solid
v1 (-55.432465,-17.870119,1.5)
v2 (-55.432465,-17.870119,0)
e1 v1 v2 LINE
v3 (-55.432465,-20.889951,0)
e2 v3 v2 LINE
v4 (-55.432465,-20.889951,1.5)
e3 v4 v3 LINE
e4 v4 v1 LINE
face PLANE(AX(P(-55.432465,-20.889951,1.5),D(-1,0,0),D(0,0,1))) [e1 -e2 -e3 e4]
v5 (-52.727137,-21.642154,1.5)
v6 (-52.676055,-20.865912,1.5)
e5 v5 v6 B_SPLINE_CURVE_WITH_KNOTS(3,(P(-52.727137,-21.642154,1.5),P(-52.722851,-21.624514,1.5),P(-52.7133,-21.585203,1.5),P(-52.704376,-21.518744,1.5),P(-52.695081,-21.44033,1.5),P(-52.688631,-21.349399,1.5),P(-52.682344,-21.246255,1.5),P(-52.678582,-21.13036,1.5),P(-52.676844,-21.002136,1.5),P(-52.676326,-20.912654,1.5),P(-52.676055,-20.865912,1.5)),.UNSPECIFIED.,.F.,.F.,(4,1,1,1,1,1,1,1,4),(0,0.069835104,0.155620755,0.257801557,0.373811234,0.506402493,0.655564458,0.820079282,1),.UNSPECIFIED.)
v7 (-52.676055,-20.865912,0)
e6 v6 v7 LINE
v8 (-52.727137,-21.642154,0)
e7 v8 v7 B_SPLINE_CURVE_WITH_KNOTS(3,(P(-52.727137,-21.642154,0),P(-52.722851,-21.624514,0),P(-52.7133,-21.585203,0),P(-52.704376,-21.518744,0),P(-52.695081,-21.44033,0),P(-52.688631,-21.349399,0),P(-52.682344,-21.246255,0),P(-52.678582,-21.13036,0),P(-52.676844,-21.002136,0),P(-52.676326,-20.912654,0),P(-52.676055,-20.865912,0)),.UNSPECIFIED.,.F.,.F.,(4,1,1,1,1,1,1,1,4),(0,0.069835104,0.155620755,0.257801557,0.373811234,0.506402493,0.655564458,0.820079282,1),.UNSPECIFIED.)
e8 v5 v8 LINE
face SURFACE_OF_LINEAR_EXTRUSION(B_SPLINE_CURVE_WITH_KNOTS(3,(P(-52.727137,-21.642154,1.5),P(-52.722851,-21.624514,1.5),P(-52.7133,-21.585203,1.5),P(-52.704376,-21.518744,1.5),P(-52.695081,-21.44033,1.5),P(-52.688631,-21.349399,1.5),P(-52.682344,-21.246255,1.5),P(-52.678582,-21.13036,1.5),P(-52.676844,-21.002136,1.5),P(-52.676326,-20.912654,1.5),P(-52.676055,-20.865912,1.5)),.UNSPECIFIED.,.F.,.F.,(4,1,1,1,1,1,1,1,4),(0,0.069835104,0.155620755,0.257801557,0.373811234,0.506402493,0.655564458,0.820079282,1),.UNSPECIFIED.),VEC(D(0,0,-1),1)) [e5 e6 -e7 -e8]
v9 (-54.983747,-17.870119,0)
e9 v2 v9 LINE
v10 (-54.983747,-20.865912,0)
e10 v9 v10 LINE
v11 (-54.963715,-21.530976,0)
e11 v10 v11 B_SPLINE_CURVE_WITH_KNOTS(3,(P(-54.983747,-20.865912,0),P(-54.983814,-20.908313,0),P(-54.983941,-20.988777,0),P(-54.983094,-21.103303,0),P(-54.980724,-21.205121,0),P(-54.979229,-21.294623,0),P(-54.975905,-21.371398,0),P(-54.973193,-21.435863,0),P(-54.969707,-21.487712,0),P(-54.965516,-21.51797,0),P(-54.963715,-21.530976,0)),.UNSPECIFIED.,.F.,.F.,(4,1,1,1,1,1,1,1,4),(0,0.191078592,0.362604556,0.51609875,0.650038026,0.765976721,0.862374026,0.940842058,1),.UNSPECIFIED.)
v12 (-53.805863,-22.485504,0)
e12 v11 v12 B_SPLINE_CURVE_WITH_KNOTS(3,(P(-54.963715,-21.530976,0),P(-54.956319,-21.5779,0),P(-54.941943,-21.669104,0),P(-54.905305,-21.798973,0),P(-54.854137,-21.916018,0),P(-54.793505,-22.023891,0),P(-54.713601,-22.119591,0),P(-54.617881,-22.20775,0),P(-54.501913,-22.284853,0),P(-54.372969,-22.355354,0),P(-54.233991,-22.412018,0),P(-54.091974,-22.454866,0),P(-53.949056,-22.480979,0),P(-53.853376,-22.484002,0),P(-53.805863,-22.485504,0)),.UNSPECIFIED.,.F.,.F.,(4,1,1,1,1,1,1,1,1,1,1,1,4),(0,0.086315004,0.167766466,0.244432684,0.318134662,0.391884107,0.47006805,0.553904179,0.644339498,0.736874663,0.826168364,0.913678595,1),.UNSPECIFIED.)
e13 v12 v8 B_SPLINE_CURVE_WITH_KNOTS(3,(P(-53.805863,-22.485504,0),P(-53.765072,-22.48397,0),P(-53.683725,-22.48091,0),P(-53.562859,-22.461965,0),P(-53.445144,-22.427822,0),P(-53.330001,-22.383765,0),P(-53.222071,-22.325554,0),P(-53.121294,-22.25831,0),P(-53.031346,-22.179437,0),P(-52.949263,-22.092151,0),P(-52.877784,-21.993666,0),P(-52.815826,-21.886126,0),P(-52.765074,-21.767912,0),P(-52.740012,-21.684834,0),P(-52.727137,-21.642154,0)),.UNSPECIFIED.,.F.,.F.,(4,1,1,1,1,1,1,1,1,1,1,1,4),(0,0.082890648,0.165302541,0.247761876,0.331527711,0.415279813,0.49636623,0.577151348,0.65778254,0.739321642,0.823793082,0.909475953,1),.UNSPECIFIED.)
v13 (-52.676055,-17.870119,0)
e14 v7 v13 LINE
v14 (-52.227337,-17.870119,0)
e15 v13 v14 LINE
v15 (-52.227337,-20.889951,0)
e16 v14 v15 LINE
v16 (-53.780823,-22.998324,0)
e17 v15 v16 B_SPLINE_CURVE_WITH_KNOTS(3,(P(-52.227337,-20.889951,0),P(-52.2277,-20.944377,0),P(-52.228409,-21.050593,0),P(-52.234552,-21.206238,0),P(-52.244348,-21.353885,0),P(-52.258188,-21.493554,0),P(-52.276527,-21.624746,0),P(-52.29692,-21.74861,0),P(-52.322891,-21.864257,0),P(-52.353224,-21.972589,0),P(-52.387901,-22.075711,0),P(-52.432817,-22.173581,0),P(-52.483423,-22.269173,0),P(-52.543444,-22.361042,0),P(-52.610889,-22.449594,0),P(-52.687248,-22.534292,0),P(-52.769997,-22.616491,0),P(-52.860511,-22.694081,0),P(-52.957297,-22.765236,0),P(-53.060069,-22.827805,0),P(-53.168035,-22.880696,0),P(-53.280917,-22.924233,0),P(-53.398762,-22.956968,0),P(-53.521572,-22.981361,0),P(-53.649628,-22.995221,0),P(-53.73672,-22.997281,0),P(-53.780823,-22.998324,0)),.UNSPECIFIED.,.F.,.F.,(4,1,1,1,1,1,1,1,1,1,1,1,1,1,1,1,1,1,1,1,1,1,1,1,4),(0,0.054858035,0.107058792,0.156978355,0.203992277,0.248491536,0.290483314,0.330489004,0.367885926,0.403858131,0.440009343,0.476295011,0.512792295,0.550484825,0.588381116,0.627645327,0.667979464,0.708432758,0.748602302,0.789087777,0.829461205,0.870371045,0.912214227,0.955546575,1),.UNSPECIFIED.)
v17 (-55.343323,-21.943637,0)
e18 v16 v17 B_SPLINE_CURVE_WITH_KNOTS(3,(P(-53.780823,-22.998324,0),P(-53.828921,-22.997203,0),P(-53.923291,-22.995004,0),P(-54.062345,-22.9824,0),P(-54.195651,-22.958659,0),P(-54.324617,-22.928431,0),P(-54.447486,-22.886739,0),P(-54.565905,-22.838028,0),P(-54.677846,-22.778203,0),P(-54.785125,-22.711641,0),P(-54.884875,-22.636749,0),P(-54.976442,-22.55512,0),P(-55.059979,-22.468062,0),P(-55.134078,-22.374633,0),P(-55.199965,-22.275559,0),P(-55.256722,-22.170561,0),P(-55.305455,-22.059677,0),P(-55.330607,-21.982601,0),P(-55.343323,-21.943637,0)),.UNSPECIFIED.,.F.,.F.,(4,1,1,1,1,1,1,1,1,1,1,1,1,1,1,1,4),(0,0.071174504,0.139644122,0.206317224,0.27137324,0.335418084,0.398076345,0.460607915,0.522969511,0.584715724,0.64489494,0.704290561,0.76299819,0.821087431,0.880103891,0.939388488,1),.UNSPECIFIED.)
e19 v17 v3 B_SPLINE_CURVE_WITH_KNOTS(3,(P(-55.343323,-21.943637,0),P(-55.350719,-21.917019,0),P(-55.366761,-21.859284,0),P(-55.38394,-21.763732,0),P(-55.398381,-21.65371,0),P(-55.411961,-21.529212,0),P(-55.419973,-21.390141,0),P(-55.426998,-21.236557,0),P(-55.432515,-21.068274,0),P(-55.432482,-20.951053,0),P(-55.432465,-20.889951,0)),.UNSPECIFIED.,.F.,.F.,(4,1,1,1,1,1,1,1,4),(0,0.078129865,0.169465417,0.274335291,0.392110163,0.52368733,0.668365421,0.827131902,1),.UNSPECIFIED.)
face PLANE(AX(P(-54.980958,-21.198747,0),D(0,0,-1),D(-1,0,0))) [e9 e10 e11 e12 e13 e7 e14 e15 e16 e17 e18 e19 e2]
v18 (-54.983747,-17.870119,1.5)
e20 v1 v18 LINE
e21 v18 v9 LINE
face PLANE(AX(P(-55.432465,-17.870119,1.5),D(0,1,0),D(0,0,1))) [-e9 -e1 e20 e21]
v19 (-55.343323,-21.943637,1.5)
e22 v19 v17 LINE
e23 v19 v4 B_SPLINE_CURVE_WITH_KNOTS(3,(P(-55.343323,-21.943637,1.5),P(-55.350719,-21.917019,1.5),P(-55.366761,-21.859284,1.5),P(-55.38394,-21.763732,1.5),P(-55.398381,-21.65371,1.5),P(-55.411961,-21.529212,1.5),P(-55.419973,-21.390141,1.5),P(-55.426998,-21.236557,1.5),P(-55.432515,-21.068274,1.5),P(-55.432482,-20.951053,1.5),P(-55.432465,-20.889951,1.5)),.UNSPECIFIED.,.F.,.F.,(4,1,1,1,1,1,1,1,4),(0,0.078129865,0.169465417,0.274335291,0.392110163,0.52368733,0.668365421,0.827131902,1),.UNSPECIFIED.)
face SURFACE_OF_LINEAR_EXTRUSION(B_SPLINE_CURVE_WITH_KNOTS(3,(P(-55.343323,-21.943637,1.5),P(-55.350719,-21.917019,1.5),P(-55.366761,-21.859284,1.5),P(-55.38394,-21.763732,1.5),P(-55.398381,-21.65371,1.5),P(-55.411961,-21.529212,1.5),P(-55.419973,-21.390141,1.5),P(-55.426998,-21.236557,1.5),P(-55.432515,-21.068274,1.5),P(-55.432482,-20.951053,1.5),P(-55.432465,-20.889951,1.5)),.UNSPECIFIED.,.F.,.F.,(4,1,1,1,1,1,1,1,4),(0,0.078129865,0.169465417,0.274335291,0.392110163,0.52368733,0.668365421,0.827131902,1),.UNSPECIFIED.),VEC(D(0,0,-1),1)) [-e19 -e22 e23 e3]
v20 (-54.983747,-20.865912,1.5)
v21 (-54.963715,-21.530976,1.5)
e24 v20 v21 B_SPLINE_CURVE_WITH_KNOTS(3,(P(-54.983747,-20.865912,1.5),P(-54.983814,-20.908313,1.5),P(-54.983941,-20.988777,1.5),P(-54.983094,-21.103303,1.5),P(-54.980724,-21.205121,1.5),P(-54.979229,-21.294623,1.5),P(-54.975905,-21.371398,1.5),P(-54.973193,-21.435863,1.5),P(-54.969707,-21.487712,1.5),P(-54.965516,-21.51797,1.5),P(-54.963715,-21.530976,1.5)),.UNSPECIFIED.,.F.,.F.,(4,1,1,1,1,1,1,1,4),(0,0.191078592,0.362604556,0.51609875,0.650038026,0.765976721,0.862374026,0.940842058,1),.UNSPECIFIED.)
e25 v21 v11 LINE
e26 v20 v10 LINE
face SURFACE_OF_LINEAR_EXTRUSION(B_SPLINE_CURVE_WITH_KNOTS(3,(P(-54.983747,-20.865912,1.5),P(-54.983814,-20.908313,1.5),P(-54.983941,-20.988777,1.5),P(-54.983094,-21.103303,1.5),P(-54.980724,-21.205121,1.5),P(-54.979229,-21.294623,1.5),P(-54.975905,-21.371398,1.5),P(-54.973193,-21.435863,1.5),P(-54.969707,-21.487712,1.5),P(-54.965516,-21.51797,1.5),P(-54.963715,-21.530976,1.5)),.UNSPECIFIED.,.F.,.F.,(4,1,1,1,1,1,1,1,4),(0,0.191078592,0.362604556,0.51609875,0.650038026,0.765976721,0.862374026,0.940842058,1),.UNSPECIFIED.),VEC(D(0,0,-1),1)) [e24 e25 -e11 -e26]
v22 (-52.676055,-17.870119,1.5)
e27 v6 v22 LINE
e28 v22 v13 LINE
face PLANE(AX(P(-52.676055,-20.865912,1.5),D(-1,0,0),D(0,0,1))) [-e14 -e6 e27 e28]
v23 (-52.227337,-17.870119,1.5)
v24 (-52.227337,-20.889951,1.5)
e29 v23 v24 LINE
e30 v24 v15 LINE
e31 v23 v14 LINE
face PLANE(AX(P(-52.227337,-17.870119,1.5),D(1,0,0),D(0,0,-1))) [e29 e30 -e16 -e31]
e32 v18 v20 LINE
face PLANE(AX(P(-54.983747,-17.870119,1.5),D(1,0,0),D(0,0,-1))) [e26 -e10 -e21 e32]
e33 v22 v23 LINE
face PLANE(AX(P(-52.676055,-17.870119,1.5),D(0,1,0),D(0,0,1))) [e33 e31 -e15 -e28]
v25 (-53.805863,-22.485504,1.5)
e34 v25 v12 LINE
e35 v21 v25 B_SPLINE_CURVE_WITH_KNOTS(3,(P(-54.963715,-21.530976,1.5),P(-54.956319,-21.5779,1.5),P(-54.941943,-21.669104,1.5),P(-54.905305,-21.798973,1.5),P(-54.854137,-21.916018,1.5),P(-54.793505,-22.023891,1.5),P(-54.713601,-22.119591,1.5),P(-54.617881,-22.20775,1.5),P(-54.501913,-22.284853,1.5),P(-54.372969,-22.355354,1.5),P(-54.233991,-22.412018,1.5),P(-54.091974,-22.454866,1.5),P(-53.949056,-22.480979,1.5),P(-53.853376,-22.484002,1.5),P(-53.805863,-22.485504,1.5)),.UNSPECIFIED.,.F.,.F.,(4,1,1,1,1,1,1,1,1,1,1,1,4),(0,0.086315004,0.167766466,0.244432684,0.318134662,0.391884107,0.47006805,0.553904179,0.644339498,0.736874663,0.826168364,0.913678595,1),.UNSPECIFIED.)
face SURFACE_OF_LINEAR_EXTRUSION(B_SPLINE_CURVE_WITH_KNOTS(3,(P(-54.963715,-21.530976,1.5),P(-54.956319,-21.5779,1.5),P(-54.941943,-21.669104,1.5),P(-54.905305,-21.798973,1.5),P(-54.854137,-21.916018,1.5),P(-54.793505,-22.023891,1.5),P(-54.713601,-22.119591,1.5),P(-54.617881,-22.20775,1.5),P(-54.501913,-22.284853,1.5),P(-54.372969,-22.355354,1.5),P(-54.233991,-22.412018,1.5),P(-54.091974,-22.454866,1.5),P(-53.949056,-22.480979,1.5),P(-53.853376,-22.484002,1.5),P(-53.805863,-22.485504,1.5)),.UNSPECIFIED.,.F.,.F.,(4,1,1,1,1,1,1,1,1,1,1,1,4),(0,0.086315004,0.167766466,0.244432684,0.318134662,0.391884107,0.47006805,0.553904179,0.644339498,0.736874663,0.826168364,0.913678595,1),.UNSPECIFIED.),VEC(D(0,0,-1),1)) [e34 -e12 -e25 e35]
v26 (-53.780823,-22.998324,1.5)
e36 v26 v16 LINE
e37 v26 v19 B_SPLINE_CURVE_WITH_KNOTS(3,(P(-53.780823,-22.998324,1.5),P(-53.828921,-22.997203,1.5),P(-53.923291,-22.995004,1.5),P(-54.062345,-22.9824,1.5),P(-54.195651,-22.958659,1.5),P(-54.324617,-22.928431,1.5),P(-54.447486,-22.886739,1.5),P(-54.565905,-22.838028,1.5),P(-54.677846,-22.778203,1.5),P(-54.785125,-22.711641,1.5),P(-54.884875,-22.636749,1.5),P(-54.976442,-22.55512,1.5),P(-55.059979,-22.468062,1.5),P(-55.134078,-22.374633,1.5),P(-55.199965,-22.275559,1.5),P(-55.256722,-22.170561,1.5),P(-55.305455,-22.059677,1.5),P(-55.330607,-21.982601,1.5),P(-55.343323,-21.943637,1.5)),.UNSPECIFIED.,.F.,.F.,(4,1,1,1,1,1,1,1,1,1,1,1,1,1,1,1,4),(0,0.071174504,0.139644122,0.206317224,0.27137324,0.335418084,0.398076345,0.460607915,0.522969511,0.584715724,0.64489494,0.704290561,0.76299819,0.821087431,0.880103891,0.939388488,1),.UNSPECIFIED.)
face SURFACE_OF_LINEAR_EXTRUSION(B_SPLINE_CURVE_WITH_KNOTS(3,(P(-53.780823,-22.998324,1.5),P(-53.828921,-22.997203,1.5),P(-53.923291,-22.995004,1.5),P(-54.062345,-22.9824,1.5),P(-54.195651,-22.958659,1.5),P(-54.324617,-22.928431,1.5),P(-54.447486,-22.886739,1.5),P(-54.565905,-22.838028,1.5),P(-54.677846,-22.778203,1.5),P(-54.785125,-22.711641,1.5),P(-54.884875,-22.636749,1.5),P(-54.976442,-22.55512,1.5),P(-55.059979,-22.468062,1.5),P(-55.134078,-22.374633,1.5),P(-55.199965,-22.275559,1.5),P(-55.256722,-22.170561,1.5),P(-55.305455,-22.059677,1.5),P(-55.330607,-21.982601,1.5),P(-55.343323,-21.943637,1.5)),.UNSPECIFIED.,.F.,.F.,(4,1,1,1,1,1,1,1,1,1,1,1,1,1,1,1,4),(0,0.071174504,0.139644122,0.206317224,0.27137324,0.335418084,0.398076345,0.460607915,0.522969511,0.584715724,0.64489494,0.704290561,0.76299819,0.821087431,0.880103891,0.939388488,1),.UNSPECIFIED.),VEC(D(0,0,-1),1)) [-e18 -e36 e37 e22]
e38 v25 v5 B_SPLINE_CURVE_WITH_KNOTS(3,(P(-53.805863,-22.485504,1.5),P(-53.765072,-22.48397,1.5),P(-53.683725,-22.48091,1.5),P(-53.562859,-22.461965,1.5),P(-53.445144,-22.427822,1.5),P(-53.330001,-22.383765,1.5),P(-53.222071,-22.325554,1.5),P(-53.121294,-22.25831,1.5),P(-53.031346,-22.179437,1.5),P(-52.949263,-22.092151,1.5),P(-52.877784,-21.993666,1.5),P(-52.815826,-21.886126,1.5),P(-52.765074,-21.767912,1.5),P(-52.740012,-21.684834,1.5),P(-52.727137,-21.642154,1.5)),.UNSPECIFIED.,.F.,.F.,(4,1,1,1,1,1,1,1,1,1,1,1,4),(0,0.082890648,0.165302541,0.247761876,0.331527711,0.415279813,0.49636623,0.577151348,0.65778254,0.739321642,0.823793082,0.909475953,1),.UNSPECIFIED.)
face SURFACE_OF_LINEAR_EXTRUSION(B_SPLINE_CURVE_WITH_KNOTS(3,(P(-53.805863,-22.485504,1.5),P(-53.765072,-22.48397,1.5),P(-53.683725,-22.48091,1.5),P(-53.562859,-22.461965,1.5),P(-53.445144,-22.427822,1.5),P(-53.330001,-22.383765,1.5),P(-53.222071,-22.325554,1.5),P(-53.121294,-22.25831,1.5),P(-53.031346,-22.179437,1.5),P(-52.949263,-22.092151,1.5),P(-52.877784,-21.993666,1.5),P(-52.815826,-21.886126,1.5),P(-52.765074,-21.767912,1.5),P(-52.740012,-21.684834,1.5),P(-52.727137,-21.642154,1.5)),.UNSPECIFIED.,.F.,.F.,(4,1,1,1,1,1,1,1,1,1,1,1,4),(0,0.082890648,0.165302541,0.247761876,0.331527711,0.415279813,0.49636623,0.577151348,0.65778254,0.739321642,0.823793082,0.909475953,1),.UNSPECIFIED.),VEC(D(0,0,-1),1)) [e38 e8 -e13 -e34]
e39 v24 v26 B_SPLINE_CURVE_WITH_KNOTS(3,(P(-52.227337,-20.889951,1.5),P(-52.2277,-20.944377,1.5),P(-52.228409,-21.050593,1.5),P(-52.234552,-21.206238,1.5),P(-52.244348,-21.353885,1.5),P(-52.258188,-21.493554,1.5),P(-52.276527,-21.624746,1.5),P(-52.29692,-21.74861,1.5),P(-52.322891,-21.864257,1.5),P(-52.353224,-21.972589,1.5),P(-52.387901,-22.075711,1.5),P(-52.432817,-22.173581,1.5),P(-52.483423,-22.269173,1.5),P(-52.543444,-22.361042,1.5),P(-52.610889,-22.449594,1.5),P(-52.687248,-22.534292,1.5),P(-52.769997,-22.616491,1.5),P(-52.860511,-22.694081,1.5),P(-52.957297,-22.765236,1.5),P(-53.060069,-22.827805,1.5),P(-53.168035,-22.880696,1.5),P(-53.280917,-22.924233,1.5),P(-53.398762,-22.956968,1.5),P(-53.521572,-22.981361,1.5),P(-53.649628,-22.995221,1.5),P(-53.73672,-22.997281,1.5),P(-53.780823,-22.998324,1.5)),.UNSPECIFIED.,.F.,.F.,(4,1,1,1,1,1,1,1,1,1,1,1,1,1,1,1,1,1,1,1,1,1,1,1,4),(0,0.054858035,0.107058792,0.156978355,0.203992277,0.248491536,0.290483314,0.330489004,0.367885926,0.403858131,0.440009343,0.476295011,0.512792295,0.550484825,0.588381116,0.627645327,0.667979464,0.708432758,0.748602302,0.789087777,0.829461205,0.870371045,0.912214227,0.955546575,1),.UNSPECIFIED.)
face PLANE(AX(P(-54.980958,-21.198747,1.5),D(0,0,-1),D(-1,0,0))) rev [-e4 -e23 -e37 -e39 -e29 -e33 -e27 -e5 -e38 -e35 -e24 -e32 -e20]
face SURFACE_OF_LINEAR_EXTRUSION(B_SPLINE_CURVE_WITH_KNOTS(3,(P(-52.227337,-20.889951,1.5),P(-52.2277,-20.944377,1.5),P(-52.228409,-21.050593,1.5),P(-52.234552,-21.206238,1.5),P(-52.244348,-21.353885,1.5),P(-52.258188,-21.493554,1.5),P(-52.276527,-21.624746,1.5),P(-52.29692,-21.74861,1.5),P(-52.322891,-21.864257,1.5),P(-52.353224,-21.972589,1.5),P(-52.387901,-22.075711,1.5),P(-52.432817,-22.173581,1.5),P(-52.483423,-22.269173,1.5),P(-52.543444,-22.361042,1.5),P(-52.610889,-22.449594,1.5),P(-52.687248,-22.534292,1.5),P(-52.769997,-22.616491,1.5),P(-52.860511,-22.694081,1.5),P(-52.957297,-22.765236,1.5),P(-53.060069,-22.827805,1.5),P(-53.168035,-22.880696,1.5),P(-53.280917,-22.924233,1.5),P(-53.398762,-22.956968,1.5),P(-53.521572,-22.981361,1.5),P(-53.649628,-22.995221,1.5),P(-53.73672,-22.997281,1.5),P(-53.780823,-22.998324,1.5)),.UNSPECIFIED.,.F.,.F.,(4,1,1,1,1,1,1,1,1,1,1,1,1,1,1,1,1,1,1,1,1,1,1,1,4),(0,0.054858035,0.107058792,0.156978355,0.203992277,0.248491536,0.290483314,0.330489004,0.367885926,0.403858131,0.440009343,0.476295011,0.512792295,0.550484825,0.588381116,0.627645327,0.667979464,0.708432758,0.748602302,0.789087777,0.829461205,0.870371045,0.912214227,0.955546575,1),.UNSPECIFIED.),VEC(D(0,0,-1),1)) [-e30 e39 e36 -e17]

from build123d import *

# Parameters (mm, degrees)
BOSS_EXTRU_1_DEPTH = 1.5


with BuildPart() as part:
    # Esquisse1 → Boss.-Extru.1 (new body)
    with BuildSketch(Plane.XY):
        with BuildLine():
            Line((-55.432465326, -17.870119076), (-54.983747377, -17.870119076))
            Line((-54.983747377, -17.870119076), (-54.983747377, -20.865912345))
            add(Edge.make_bspline(
                [(-54.983747377, -20.865912345), (-54.983814154, -20.908313397), (-54.983940875, -20.988776698), (-54.983094427, -21.103302841), (-54.980723901, -21.20512064), (-54.979229387, -21.294622565), (-54.975904625, -21.371397919), (-54.973193129, -21.435862648), (-54.96970662, -21.487711509), (-54.965516452, -21.517969975), (-54.963715326, -21.530976448)],
                knots=[0, 0, 0, 0, 1.528628734, 2.90083645, 4.128790002, 5.200304208, 6.127813768, 6.898992206, 7.526736466, 8, 8, 8, 8], degree=3))
            add(Edge.make_bspline(
                [(-54.963715326, -21.530976448), (-54.956318956, -21.577900396), (-54.941942976, -21.669104294), (-54.905305293, -21.798973269), (-54.854137435, -21.916018209), (-54.793504516, -22.023891482), (-54.713600786, -22.119590568), (-54.61788145, -22.207750072), (-54.501913209, -22.28485265), (-54.372969487, -22.355353809), (-54.233990576, -22.412018213), (-54.091974481, -22.454865876), (-53.949055939, -22.48097859), (-53.853375704, -22.484002217), (-53.805862762, -22.485503692)],
                knots=[0, 0, 0, 0, 1.035780045, 2.013197591, 2.933192213, 3.817615948, 4.702609284, 5.640816605, 6.646850145, 7.73207398, 8.84249596, 9.914020372, 10.964143139, 12, 12, 12, 12], degree=3))
            add(Edge.make_bspline(
                [(-53.805862762, -22.485503692), (-53.765071704, -22.48396962), (-53.683725187, -22.480910337), (-53.562858858, -22.461965435), (-53.445144417, -22.42782177), (-53.330000588, -22.383764972), (-53.22207061, -22.325554128), (-53.121294265, -22.258310071), (-53.031345787, -22.179437391), (-52.949262933, -22.092151185), (-52.877784453, -21.993665756), (-52.81582568, -21.886125559), (-52.765074352, -21.767912206), (-52.740012173, -21.68483446), (-52.7271368, -21.642154333)],
                knots=[0, 0, 0, 0, 0.994687771, 1.983630487, 2.973142513, 3.978332533, 4.983357753, 5.956394766, 6.925816176, 7.893390482, 8.871859704, 9.88551698, 10.913711441, 12, 12, 12, 12], degree=3))
            add(Edge.make_bspline(
                [(-52.7271368, -21.642154333), (-52.722850907, -21.624513512), (-52.71330021, -21.585202655), (-52.70437586, -21.518743668), (-52.695080823, -21.440330291), (-52.688631438, -21.34939913), (-52.68234398, -21.246254884), (-52.678582447, -21.13036023), (-52.676843829, -21.002136), (-52.676325714, -20.912654341), (-52.676055069, -20.865912345)],
                knots=[0, 0, 0, 0, 0.558680831, 1.244966039, 2.062412453, 2.990489873, 4.051219941, 5.244515665, 6.560634259, 8, 8, 8, 8], degree=3))
            Line((-52.676055069, -20.865912345), (-52.676055069, -17.870119076))
            Line((-52.676055069, -17.870119076), (-52.227337121, -17.870119076))
            Line((-52.227337121, -17.870119076), (-52.227337121, -20.889950807))
            add(Edge.make_bspline(
                [(-52.227337121, -20.889950807), (-52.22770015, -20.944377063), (-52.228408623, -21.05059321), (-52.234552304, -21.206238008), (-52.244348018, -21.353885124), (-52.258188144, -21.493554405), (-52.27652672, -21.624746061), (-52.296919892, -21.748610016), (-52.322890653, -21.864257148), (-52.353224084, -21.972589173), (-52.387900581, -22.075711335), (-52.432816507, -22.173580785), (-52.483422935, -22.269172784), (-52.543443868, -22.361041511), (-52.610888701, -22.44959373), (-52.687248244, -22.534292409), (-52.769997046, -22.616491046), (-52.860510702, -22.694081141), (-52.957297167, -22.765236393), (-53.060068535, -22.827804638), (-53.168035349, -22.88069552), (-53.280916958, -22.924232555), (-53.398761533, -22.956967696), (-53.521572047, -22.981360776), (-53.649628038, -22.995221201), (-53.736720404, -22.997281101), (-53.780822698, -22.998324204)],
                knots=[0, 0, 0, 0, 1.316592851, 2.569410997, 3.76748051, 4.895814652, 5.963796859, 6.97159953, 7.931736103, 8.829262218, 9.692595152, 10.560224239, 11.431080259, 12.30701507, 13.211635791, 14.121146779, 15.063487852, 16.031507147, 17.00238618, 17.966455255, 18.938106653, 19.907068911, 20.888905087, 21.893141452, 22.933117798, 24, 24, 24, 24], degree=3))
            add(Edge.make_bspline(
                [(-53.780822698, -22.998324204), (-53.828921416, -22.997203111), (-53.923290928, -22.99500353), (-54.06234531, -22.982399602), (-54.195651305, -22.958659038), (-54.324616844, -22.928430547), (-54.447486125, -22.886739494), (-54.565905331, -22.838027887), (-54.677846304, -22.778203229), (-54.78512506, -22.711641239), (-54.884874711, -22.636748899), (-54.97644243, -22.555120079), (-55.059979388, -22.468062397), (-55.134077526, -22.374633303), (-55.199964504, -22.275559436), (-55.256721951, -22.170560522), (-55.305455157, -22.059677213), (-55.330607396, -21.982601213), (-55.343322698, -21.943636704)],
                knots=[0, 0, 0, 0, 1.13879206, 2.234305948, 3.301075583, 4.341971843, 5.366689343, 6.369221514, 7.369726634, 8.367512178, 9.355451585, 10.318319045, 11.268648973, 12.207971039, 13.137398894, 14.081662264, 15.030215811, 16, 16, 16, 16], degree=3))
            add(Edge.make_bspline(
                [(-55.343322698, -21.943636704), (-55.350718638, -21.917018741), (-55.366760597, -21.859283785), (-55.383939594, -21.763731659), (-55.398381139, -21.653710348), (-55.411960508, -21.529212322), (-55.419973305, -21.390141084), (-55.426998217, -21.236556918), (-55.432514816, -21.068274116), (-55.432482284, -20.951053379), (-55.432465326, -20.889950807)],
                knots=[0, 0, 0, 0, 0.625038921, 1.35572334, 2.194682327, 3.136881307, 4.189498639, 5.346923369, 6.617055217, 8, 8, 8, 8], degree=3))
            Line((-55.432465326, -20.889950807), (-55.432465326, -17.870119076))
        make_face()
    extrude(amount=BOSS_EXTRU_1_DEPTH)


solid = part.part
